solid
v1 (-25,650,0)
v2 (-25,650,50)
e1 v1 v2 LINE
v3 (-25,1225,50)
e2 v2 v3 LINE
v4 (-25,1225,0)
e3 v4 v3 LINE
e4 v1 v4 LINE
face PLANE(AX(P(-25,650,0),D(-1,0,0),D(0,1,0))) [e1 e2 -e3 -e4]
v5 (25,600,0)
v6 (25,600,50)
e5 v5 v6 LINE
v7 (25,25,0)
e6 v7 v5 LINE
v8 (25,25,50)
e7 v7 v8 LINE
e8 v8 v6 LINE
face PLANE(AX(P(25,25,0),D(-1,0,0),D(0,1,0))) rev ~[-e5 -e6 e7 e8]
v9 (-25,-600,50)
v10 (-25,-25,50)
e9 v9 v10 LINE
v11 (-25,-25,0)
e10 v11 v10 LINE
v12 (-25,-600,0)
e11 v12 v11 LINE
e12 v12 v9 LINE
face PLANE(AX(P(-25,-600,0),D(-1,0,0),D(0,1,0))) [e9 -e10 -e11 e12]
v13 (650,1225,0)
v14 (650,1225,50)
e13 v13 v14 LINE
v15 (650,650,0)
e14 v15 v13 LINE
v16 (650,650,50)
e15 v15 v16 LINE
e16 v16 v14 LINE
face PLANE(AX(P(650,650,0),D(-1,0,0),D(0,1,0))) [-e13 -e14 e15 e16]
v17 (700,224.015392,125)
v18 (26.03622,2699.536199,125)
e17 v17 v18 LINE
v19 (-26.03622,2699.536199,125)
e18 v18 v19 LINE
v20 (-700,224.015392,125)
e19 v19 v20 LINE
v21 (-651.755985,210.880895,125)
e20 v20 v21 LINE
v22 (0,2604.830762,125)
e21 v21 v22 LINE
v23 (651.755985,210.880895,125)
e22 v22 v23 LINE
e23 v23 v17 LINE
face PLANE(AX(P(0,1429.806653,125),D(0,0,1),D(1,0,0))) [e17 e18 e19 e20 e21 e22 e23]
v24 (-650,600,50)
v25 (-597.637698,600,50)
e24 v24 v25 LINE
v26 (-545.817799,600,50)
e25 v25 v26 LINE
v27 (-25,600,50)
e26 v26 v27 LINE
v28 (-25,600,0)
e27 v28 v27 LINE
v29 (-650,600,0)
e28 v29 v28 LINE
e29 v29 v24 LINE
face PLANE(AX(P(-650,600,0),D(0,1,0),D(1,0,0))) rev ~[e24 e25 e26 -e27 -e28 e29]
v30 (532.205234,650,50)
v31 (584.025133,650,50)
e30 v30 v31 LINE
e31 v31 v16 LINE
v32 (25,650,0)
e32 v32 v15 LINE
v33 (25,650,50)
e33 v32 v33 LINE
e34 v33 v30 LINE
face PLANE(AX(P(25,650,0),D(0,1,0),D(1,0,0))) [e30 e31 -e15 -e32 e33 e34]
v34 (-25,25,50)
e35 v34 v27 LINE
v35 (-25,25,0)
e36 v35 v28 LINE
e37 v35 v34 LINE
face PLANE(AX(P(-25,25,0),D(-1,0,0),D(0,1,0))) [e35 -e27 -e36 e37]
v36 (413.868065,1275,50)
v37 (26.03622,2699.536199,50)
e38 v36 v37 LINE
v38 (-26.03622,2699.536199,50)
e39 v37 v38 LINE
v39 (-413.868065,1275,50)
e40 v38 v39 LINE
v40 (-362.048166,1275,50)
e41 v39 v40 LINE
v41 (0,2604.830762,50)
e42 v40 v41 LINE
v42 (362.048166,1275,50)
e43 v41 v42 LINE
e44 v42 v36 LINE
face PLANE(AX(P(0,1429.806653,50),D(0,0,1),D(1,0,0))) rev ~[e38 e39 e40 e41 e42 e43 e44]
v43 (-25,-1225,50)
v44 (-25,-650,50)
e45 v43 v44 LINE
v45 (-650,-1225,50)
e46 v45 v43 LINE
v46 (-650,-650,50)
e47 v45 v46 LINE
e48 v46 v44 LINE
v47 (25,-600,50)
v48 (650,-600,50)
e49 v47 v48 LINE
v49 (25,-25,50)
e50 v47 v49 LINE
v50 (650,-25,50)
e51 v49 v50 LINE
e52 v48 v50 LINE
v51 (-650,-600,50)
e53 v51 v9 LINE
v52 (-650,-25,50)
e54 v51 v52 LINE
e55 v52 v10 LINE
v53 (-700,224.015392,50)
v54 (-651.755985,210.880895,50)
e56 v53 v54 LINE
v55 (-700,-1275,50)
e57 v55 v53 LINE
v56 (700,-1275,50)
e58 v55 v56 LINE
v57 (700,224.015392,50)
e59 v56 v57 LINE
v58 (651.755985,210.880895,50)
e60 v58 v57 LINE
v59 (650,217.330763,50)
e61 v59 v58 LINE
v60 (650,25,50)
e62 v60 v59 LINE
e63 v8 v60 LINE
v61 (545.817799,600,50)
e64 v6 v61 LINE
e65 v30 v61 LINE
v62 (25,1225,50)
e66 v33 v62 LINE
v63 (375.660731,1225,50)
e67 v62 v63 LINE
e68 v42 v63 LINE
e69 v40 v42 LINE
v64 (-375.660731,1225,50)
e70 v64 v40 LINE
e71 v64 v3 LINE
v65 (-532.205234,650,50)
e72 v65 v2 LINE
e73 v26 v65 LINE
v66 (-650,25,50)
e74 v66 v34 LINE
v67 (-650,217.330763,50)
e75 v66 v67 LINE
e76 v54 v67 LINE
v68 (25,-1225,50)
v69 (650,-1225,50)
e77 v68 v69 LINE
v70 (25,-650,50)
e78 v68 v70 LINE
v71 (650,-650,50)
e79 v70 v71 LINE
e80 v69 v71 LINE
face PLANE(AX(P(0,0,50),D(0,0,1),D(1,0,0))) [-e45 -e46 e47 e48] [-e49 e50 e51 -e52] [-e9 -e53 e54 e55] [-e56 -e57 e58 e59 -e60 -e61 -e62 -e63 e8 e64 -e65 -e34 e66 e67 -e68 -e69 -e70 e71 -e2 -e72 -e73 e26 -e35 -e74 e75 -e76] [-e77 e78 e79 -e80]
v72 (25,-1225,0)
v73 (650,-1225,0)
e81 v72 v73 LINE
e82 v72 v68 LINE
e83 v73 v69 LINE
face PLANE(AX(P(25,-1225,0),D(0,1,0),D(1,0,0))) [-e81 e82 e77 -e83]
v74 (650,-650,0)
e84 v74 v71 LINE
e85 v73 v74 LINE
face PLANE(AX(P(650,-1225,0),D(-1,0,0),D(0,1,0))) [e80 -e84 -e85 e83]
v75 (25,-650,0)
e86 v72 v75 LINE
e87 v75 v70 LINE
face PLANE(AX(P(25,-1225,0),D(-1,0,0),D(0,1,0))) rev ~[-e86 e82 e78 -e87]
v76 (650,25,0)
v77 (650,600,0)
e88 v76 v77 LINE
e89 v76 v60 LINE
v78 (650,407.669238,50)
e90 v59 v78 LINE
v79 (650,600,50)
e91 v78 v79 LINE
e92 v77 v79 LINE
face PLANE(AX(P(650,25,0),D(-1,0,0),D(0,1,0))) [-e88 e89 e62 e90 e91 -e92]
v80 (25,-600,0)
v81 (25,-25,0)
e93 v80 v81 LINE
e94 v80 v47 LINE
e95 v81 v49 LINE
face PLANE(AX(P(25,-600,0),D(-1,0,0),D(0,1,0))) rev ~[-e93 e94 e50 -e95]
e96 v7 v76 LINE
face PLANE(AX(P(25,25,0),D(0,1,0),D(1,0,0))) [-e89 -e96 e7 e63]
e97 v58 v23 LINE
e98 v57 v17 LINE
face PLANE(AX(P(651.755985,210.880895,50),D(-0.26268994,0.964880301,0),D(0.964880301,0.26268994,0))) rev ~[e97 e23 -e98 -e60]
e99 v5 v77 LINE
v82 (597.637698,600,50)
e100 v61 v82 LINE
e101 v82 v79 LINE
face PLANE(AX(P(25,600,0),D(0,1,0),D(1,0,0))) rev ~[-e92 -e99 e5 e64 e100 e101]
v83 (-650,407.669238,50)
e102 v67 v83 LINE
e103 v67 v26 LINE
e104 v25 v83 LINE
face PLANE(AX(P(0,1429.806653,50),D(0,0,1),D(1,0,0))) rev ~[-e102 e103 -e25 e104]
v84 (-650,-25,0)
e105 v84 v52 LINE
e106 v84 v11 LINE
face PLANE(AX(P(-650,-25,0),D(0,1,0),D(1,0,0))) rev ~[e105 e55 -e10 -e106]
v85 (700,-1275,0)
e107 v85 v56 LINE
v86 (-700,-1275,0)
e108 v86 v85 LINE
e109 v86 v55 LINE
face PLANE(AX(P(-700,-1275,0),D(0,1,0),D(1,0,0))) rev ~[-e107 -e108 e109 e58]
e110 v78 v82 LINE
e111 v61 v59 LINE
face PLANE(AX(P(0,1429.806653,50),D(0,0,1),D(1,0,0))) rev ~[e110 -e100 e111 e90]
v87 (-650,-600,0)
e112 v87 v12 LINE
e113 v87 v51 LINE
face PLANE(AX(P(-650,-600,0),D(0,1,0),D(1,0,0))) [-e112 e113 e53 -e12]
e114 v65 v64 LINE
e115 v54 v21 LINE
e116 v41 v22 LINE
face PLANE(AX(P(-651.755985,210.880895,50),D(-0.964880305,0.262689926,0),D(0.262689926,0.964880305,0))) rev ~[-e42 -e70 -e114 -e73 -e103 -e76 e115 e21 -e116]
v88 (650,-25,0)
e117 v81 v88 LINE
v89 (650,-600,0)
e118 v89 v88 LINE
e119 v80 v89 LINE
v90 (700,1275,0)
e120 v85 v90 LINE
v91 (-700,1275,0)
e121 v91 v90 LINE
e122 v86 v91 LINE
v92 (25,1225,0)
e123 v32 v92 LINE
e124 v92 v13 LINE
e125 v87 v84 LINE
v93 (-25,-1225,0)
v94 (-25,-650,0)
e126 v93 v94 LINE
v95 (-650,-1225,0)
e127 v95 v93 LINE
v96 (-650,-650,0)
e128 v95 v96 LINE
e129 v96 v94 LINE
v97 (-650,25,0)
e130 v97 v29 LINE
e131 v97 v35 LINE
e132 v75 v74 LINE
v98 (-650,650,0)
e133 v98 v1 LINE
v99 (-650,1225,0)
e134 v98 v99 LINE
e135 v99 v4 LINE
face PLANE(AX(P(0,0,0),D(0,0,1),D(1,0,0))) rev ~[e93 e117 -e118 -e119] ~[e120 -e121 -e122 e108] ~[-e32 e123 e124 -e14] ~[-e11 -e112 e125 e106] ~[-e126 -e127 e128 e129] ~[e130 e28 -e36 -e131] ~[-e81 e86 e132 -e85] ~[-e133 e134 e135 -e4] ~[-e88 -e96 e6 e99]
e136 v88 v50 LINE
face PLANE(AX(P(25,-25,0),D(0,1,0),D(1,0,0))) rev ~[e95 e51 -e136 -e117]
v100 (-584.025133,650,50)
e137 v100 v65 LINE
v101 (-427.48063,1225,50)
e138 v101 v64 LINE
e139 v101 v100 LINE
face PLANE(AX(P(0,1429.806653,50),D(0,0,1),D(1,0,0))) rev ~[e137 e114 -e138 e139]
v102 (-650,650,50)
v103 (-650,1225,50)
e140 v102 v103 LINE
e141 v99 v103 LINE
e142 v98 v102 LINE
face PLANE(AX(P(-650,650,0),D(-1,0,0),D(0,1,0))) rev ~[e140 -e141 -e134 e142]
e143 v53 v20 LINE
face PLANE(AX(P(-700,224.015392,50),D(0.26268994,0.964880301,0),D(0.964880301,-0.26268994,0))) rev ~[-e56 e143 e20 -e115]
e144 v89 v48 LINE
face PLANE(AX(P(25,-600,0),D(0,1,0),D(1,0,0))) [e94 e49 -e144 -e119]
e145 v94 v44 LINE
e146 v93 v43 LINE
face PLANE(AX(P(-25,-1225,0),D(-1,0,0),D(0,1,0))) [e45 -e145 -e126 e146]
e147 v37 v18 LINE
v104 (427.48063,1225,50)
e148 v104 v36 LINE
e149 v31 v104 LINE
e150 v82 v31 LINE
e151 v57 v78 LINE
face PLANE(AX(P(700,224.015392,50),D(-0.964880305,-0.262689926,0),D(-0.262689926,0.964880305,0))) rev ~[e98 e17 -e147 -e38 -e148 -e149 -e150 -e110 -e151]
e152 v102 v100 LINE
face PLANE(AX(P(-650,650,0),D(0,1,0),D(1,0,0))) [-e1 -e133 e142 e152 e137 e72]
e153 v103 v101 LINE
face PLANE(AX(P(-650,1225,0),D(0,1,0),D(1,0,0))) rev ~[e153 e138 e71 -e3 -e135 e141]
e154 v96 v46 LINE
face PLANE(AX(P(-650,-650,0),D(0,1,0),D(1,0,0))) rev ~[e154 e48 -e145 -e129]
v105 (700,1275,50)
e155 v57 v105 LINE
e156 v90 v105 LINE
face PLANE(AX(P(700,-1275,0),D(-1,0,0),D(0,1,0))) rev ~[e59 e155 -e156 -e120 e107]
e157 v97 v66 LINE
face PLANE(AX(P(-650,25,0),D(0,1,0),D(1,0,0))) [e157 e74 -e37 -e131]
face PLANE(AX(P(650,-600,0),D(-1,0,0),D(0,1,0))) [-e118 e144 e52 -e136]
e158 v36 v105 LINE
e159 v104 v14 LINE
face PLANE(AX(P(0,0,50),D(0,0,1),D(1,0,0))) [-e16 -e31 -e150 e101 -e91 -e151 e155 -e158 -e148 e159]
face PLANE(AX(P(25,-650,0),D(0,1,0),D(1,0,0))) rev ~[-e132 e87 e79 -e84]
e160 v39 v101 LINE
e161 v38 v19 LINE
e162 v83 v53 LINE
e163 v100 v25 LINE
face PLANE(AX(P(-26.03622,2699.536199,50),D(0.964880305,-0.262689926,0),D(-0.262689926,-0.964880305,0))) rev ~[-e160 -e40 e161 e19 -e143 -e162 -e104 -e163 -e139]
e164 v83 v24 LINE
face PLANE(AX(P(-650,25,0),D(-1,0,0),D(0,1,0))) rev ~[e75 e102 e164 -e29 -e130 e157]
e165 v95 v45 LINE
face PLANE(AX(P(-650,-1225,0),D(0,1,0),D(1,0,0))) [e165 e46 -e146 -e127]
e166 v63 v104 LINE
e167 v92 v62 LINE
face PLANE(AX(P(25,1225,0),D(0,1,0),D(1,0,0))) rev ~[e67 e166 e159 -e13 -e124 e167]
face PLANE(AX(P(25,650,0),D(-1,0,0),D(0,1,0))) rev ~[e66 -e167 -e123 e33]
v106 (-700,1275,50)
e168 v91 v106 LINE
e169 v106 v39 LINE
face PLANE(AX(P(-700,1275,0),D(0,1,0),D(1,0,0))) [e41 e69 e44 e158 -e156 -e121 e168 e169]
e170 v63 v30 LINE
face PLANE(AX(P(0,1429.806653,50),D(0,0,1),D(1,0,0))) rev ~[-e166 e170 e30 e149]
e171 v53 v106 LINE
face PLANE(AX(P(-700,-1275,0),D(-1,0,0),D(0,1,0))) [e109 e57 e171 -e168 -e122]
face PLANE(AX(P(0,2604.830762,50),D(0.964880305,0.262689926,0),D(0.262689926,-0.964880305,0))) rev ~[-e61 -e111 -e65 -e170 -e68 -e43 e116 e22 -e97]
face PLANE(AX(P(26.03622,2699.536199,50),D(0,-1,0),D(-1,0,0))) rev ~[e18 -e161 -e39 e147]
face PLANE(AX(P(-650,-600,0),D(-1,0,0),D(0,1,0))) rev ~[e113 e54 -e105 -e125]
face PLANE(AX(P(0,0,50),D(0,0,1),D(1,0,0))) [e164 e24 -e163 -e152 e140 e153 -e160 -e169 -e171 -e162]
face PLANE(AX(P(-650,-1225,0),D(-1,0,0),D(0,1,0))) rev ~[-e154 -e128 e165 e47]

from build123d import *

# Parameters (mm, degrees)
F0_W     = 1400
F0_H     = 2550
F0_W_2   = 625
F0_H_2   = 575
F1_DEPTH = 50
F3_DEPTH = 75


with BuildPart() as f1:
    # F0 (on Top) → F1 (new body)
    with BuildSketch(Plane.XY):
        Rectangle(F0_W, F0_H)
        with Locations((-337.5, -937.5)):
            Rectangle(F0_W_2, F0_H_2, mode=Mode.SUBTRACT)
        with Locations((-337.5, -312.5)):
            Rectangle(F0_W_2, F0_H_2, mode=Mode.SUBTRACT)
        with Locations((337.5, -937.5)):
            Rectangle(F0_W_2, F0_H_2, mode=Mode.SUBTRACT)
        with Locations((337.5, -312.5)):
            Rectangle(F0_W_2, F0_H_2, mode=Mode.SUBTRACT)
        with Locations((-337.5, 312.5)):
            Rectangle(F0_W_2, F0_H_2, mode=Mode.SUBTRACT)
        with Locations((-337.5, 937.5)):
            Rectangle(F0_W_2, F0_H_2, mode=Mode.SUBTRACT)
        with Locations((337.5, 312.5)):
            Rectangle(F0_W_2, F0_H_2, mode=Mode.SUBTRACT)
        with Locations((337.5, 937.5)):
            Rectangle(F0_W_2, F0_H_2, mode=Mode.SUBTRACT)
    extrude(amount=F1_DEPTH)

    # F2 (on face) → F3 (join)
    with BuildSketch(Plane.XY.offset(50)):
        Polygon((-26.03622, 2699.536199), (-700, 224.015392), (-651.755985, 210.880895), (0, 2604.830762), (651.755985, 210.880895), (700, 224.015392), (26.03622, 2699.536199), align=None)
    extrude(amount=F3_DEPTH)


solid = f1.part
